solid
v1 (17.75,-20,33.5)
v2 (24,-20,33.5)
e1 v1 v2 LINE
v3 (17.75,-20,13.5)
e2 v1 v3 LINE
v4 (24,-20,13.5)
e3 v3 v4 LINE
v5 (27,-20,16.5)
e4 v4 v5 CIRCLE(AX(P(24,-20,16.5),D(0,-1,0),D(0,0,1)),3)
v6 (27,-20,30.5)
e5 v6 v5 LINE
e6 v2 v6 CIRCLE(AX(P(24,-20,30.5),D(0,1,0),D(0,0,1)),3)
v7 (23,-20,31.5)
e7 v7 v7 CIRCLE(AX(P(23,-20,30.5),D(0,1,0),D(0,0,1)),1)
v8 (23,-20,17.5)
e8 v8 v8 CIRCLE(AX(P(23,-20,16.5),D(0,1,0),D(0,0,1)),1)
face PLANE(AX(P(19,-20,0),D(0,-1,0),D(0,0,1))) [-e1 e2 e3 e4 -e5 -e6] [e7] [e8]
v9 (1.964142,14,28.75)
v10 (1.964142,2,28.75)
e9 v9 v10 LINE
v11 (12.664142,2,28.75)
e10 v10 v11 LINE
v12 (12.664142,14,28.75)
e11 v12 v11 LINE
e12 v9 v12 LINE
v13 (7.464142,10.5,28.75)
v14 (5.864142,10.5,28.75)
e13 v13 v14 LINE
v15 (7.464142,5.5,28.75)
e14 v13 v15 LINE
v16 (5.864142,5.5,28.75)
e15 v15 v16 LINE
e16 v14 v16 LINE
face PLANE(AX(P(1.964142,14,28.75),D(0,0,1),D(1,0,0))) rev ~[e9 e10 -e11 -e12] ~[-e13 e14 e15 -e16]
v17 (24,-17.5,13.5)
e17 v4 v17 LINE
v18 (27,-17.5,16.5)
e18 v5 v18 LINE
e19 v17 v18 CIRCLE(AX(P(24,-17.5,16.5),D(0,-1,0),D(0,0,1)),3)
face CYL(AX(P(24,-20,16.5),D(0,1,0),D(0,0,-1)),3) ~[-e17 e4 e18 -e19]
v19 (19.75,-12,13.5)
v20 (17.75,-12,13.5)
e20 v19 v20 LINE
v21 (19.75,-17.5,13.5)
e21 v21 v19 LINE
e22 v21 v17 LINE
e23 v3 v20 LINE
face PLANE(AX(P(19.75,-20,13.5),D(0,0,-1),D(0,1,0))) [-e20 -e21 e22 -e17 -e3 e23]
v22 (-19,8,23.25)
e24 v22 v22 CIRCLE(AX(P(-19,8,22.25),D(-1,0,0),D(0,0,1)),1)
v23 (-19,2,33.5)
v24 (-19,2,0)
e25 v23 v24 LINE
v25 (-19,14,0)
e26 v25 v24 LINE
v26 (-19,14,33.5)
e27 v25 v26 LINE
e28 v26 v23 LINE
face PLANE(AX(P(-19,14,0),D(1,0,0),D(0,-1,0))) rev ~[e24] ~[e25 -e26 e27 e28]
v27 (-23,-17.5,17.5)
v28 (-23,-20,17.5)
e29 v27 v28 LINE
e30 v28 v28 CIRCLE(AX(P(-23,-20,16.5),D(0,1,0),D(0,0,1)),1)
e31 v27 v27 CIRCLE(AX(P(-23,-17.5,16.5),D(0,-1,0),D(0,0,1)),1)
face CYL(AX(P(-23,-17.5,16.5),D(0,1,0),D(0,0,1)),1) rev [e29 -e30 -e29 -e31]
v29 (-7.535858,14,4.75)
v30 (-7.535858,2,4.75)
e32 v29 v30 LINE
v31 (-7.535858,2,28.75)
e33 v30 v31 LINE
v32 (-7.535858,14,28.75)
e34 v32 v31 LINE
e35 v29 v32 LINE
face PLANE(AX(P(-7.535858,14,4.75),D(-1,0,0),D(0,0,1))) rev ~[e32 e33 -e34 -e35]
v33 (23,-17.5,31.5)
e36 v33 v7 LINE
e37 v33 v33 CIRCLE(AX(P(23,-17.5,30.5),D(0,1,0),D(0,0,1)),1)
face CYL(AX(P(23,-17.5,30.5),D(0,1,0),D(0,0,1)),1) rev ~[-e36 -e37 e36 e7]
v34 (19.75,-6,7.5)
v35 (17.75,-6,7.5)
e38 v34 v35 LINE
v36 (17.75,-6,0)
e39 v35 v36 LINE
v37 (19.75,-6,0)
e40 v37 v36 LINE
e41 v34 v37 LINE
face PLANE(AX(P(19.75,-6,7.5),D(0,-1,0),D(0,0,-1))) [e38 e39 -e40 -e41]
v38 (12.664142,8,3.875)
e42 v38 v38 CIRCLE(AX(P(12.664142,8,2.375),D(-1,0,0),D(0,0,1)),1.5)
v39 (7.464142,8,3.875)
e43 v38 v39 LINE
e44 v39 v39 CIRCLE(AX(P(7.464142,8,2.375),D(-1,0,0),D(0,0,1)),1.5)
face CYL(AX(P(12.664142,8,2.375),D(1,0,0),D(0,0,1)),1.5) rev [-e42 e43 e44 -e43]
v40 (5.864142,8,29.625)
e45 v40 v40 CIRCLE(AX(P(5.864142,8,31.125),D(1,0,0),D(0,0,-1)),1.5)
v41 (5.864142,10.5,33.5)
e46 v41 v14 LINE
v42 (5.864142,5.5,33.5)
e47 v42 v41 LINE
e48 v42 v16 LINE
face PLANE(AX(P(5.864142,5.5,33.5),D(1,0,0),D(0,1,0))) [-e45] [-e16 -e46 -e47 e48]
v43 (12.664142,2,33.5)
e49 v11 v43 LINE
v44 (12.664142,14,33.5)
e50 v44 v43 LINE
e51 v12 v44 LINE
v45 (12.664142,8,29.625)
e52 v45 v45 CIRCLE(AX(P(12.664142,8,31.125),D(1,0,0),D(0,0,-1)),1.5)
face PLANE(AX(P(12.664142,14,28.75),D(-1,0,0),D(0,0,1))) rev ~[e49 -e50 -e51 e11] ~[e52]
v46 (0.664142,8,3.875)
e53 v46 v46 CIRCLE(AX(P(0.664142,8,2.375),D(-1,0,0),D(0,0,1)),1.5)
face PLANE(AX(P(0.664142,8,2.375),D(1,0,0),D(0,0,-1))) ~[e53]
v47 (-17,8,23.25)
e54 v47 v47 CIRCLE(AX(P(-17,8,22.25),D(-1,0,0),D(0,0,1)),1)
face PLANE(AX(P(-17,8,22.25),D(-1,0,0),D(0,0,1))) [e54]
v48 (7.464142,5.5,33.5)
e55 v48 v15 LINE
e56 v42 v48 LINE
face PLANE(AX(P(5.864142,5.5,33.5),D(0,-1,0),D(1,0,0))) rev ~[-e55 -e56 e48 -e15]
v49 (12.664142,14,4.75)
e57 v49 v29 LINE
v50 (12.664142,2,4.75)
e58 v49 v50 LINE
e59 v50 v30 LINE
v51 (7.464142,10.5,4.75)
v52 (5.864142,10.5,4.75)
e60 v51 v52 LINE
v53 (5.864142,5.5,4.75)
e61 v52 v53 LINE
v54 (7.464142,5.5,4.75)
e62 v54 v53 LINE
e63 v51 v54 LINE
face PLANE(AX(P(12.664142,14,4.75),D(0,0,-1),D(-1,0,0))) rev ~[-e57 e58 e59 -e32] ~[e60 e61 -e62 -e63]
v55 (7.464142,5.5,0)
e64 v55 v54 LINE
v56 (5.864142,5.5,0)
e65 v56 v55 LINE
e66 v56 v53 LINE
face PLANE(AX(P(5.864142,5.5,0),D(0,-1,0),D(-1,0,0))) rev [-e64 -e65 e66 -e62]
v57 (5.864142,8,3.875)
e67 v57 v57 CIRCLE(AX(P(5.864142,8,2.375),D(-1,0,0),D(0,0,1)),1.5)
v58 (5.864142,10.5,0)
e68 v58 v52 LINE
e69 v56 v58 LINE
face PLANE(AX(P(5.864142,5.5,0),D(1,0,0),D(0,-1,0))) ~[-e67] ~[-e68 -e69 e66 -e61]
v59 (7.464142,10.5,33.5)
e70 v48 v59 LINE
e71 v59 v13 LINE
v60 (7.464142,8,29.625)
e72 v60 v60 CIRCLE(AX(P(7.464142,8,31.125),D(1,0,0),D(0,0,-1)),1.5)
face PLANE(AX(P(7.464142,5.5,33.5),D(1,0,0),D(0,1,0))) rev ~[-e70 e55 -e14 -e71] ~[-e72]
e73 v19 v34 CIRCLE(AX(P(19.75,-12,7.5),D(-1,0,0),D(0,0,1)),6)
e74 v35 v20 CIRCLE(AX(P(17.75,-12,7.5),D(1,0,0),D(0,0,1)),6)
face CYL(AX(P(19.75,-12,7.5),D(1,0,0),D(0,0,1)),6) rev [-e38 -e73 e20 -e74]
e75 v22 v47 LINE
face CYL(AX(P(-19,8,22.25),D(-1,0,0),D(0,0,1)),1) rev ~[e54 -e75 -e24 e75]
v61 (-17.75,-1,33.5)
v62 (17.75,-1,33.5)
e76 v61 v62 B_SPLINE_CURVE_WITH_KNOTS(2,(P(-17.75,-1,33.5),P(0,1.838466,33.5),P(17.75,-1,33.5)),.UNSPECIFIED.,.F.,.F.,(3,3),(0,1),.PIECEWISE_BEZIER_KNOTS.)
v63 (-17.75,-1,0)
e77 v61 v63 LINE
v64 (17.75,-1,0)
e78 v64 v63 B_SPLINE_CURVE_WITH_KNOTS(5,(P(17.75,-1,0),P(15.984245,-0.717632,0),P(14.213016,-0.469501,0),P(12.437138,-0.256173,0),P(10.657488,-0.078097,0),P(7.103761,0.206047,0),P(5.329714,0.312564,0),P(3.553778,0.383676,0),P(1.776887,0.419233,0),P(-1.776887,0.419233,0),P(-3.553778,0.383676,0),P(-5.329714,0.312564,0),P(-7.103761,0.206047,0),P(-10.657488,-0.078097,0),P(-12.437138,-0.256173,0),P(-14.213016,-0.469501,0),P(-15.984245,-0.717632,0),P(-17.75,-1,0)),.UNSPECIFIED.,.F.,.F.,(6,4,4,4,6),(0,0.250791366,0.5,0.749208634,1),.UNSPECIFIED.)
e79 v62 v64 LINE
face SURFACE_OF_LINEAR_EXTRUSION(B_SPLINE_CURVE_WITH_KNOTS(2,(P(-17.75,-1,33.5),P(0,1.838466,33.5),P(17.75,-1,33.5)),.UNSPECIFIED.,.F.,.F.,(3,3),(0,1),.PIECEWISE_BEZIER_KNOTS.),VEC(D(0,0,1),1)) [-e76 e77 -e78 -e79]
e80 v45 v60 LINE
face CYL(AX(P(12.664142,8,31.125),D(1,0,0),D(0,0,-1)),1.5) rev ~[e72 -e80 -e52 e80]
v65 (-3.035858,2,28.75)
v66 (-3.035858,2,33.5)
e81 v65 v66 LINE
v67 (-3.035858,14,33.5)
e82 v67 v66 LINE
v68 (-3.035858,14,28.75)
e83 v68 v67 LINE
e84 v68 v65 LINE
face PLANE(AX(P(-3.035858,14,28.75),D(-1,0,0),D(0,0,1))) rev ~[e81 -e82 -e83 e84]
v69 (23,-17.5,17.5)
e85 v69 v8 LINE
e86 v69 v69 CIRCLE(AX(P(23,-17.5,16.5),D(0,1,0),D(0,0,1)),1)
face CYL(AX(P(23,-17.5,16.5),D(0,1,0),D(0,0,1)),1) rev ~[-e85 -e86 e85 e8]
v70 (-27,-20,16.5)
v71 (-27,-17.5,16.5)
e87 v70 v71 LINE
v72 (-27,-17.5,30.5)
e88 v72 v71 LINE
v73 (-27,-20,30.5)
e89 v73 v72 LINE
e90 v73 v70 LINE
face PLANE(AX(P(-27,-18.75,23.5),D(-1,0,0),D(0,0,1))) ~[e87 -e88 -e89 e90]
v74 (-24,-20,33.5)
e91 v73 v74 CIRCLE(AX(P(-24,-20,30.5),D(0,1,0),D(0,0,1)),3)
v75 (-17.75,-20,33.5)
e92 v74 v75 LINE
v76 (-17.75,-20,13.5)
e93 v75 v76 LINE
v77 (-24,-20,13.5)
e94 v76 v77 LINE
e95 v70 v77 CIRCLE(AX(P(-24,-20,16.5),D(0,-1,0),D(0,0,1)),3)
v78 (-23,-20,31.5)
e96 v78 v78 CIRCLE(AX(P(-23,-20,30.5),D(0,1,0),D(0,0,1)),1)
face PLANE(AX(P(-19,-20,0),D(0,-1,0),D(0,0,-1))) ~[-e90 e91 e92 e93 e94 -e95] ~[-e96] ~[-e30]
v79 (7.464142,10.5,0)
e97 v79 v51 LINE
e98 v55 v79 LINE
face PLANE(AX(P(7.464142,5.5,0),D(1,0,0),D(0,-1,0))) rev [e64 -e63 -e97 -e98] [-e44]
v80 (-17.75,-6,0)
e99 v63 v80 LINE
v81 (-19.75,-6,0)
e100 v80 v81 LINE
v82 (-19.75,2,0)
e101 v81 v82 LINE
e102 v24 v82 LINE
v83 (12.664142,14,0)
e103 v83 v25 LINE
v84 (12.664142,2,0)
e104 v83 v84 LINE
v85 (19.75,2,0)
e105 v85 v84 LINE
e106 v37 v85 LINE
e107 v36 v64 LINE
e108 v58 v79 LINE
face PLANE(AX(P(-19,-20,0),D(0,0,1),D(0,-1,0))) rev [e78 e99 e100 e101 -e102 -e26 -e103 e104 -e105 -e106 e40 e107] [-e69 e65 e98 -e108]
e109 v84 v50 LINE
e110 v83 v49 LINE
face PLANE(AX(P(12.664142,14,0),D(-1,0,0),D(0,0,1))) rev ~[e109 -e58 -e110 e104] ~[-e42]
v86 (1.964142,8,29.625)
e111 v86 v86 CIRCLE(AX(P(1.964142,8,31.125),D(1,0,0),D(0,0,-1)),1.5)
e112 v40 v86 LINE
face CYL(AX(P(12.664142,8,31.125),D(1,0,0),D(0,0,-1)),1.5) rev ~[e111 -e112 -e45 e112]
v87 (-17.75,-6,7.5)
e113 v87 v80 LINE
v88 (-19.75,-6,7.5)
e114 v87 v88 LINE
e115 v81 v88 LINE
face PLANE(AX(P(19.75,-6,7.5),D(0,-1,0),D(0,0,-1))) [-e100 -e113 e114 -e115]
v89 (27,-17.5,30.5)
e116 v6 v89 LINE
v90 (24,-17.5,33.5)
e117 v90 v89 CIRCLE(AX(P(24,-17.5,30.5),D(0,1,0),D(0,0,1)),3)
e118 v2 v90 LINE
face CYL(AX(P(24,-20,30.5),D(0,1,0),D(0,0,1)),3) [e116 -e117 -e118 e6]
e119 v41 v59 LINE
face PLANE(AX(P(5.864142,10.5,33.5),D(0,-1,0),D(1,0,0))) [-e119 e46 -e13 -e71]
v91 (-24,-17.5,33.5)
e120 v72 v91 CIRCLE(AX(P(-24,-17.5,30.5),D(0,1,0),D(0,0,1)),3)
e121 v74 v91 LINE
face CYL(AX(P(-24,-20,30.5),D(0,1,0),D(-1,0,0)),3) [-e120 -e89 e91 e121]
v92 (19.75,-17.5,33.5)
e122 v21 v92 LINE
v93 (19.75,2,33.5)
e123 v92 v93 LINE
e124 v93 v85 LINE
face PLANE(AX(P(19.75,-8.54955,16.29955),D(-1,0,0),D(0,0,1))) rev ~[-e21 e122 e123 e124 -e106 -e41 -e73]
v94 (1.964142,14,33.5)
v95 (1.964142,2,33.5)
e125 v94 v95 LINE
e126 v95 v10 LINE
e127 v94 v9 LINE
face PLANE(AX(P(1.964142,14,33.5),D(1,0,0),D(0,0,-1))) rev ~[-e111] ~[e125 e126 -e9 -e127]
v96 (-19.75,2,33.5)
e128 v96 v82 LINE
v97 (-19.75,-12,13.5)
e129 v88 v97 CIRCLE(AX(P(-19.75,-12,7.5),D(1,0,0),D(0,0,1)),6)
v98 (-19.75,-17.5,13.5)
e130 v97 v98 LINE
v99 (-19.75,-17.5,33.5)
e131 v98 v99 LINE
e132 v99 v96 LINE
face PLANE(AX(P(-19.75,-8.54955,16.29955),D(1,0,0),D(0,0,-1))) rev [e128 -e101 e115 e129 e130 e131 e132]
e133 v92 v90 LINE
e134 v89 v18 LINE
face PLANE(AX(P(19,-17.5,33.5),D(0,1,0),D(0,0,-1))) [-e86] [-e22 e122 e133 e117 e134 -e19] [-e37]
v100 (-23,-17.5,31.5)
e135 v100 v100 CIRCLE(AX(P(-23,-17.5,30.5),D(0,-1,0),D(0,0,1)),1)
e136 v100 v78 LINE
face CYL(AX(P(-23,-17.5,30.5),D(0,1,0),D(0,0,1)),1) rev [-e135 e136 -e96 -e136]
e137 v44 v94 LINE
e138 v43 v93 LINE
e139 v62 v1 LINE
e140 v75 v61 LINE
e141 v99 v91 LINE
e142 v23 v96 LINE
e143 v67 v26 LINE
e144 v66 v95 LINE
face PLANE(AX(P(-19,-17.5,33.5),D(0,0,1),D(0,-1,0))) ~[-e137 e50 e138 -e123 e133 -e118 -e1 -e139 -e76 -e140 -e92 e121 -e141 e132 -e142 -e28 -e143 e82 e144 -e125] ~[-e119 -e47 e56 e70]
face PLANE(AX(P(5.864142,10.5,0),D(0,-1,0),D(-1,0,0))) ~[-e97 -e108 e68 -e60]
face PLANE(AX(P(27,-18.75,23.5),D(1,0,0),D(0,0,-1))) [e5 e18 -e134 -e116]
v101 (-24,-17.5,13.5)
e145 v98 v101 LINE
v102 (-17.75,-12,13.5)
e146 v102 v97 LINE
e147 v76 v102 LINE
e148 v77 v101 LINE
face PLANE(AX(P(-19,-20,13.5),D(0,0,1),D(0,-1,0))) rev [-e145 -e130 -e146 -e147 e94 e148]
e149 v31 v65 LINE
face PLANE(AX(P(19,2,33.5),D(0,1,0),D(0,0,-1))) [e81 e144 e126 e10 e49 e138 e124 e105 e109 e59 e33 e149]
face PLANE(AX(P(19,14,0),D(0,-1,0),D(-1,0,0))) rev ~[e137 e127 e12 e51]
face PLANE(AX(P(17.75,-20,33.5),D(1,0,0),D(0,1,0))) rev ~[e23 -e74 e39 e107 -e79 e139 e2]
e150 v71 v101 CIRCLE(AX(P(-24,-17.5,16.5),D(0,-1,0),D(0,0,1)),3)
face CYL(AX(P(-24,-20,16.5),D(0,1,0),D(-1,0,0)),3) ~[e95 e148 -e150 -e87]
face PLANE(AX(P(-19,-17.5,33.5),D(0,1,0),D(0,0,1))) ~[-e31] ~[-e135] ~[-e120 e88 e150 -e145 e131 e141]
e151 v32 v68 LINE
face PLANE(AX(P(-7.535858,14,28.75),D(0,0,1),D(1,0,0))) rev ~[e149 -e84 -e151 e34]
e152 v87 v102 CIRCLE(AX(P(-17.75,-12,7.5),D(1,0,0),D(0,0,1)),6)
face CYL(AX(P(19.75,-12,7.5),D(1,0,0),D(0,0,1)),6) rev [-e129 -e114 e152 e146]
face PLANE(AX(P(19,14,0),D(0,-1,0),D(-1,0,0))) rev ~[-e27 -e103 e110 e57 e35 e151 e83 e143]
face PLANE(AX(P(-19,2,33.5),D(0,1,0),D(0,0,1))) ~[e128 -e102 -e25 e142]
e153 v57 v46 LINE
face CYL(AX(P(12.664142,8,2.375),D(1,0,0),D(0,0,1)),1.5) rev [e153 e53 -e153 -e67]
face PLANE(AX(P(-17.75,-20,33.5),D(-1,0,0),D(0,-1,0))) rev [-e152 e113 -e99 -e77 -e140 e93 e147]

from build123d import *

# Parameters (mm, degrees)
BOSS_EXTRUDE1_DEPTH      = 33.5
SKETCH2_W                = 20
SKETCH2_H                = 2.5
BOSS_EXTRUDE2_DEPTH      = 8
CUT_EXTRUDE5_DEPTH       = 12
RESSALTO_EXTRUS_O4_DEPTH = 0.75
SKETCH6_R                = 1.5
CUT_EXTRUDE6_DEPTH       = 12
CUT_EXTRUDE8_REACH       = 49.447
SKETCH14_W               = 1.6
SKETCH14_H               = 5
SKETCH9_R                = 1
CORTE_EXTRUS_O1_DEPTH    = 54.324478432
FILETE1_R                = 3
ESBO_O6_R                = 1
CORTE_EXTRUS_O6_DEPTH    = 2
ESBO_O8_W                = 0.75
ESBO_O8_H                = 19
ESBO_O8_H_2              = 14
CORTE_EXTRUS_O8_DEPTH    = 48.44733923
FILETE1_OF_ESPELHAR1_R   = 3
CORTE_EXTRUS_O9_DEPTH    = 48.44733923
CORTE_EXTRUS_O10_DEPTH   = 61.891809882


with BuildPart() as part:
    # Sketch1 → Boss-Extrude1 (new body)
    with BuildSketch(Plane.XY):
        Polygon((17, -20), (19, -20), (19, 14), (-19, 14), (-19, -20), (-17, -20), (-17, -1), (17, -1), align=None)
    extrude(amount=BOSS_EXTRUDE1_DEPTH)

    # Sketch2 → Boss-Extrude2 (add)
    with BuildSketch(Plane(origin=(19, 0, 0), x_dir=(0, 0, -1), z_dir=(1, 0, 0))):
        with Locations((-23.5, -18.75)):
            Rectangle(SKETCH2_W, SKETCH2_H)
    boss_extrude2 = extrude(amount=BOSS_EXTRUDE2_DEPTH)

    # Sketch12 → Cut-Extrude5 (cut)
    with BuildSketch(Plane(origin=(0, 14, 0), x_dir=(1, 0, 0), z_dir=(0, 1, 0))):
        Polygon((-7.535857559, -4.75), (-7.535857559, -28.75), (-3.035857559, -28.75), (-3.035857559, -33.5), (1.964142441, -33.5), (1.964142441, -28.75), (12.664142441, -28.75), (12.664142441, -33.5), (19, -33.5), (19, 0), (12.664142441, 0), (12.664142441, -4.75), align=None)
    extrude(amount=-CUT_EXTRUDE5_DEPTH, mode=Mode.SUBTRACT)

    # Esboço10 → Ressalto-extrusão4 (add)
    with BuildSketch(Plane(origin=(19, 0, 0), x_dir=(0, 0, -1), z_dir=(1, 0, 0))):
        Polygon((-33.5, 2), (0, 2), (0, -17.5), (0, -20), (-13.5, -20), (-13.5, -17.5), (-33.5, -17.5), align=None)
    ressalto_extrus_o4 = extrude(amount=RESSALTO_EXTRUS_O4_DEPTH)

    # Sketch6 → Cut-Extrude6 (cut)
    with BuildSketch(Plane(origin=(12.664142441, 0, 0), x_dir=(0, 0, -1), z_dir=(1, 0, 0))):
        with Locations((-31.125, 8)):
            Circle(SKETCH6_R)
    cut_extrude6 = extrude(amount=-CUT_EXTRUDE6_DEPTH, mode=Mode.SUBTRACT)

    # Sketch14 → Cut-Extrude8 (cut, up to next)
    with BuildSketch(Plane.XY.offset(33.5), mode=Mode.PRIVATE) as cut_extrude8_sk1:
        with Locations((6.664142441, 8)):
            Rectangle(SKETCH14_W, SKETCH14_H)
    cut_extrude8_tool1 = extrude(cut_extrude8_sk1.sketch, amount=-CUT_EXTRUDE8_REACH, mode=Mode.PRIVATE) & part.part
    cut_extrude8 = cut_extrude8_tool1.solids().sort_by_distance((6.664142, 8, 33.5))[0]
    add(cut_extrude8, mode=Mode.SUBTRACT)

    # Mirror6: Cut-Extrude6, Cut-Extrude8 across plane
    add(cut_extrude6.mirror(Plane.XY.offset(16.75)), mode=Mode.SUBTRACT)
    add(cut_extrude8.mirror(Plane.XY.offset(16.75)), mode=Mode.SUBTRACT)

    # Sketch9 → Corte-extrusão1 (cut, through all)
    with BuildSketch(Plane(origin=(0, -17.5, 0), x_dir=(1, 0, 0), z_dir=(0, 1, 0))):
        with Locations(Location((23, -16.5, 0), (0, 0, 270))):
            Circle(SKETCH9_R)
        with Locations(Location((23, -30.5, 0), (0, 0, 270))):
            Circle(SKETCH9_R)
    corte_extrus_o1 = extrude(amount=-CORTE_EXTRUS_O1_DEPTH, mode=Mode.SUBTRACT)

    # Filete1
    filete1_edges = [part.edges().sort_by_distance(p)[0] for p in [
        (27, -18.75, 13.5),
        (27, -18.75, 33.5),
    ]]
    fillet(filete1_edges, radius=FILETE1_R)

    # Esboço6 → Corte-extrusão6 (cut)
    with BuildSketch(Plane.ZY.offset(19)):
        with Locations((22.25, 8)):
            Circle(ESBO_O6_R)
    extrude(amount=-CORTE_EXTRUS_O6_DEPTH, mode=Mode.SUBTRACT)

    # Esboço8 → Corte-extrusão8 (cut, through all)
    with BuildSketch(Plane.XY.offset(33.5)):
        with Locations((17.375, -10.5)):
            Rectangle(ESBO_O8_W, ESBO_O8_H)
        with Locations((-17.375, -8)):
            Rectangle(ESBO_O8_W, ESBO_O8_H_2)
    corte_extrus_o8 = extrude(amount=-CORTE_EXTRUS_O8_DEPTH, mode=Mode.SUBTRACT)

    # Espelhar1: Boss-Extrude2, Ressalto-extrusão4, Corte-extrusão1, Corte-extrusão8 across plane
    add(boss_extrude2.mirror(Plane(origin=(0, 0, 0), x_dir=(0, 0, 1), z_dir=(1, 0, 0))))
    add(ressalto_extrus_o4.mirror(Plane(origin=(0, 0, 0), x_dir=(0, 0, 1), z_dir=(1, 0, 0))))
    add(corte_extrus_o1.mirror(Plane(origin=(0, 0, 0), x_dir=(0, 0, 1), z_dir=(1, 0, 0))), mode=Mode.SUBTRACT)
    add(corte_extrus_o8.mirror(Plane(origin=(0, 0, 0), x_dir=(0, 0, 1), z_dir=(1, 0, 0))), mode=Mode.SUBTRACT)

    # Filete1 of Espelhar1
    filete1_of_espelhar1_edges = [part.edges().sort_by_distance(p)[0] for p in [
        (-27, -18.75, 13.5),
        (-27, -18.75, 33.5),
    ]]
    fillet(filete1_of_espelhar1_edges, radius=FILETE1_OF_ESPELHAR1_R)

    # Esboço11 → Corte-extrusão9 (cut, through all)
    with BuildSketch(Plane.XY.offset(33.5)):
        with BuildLine():
            Line((-17.75, -1), (17.75, -1))
            add(Edge.make_bspline(
                [(-17.75, -1), (0, 1.838465609), (17.75, -1)],
                knots=[0, 0, 0, 1, 1, 1], degree=2))
        make_face()
    extrude(amount=-CORTE_EXTRUS_O9_DEPTH, mode=Mode.SUBTRACT)

    # Esboço12 → Corte-extrusão10 (cut, through all)
    with BuildSketch(Plane(origin=(19.75, 0, 0), x_dir=(0, 0, -1), z_dir=(1, 0, 0))):
        with BuildLine():
            Line((0, -20), (-13.5, -20))
            Line((-13.5, -20), (-13.5, -12))
            ThreePointArc((-13.5, -12), (-11.742640687, -7.757359313), (-7.5, -6))
            Line((-7.5, -6), (0, -6))
            Line((0, -6), (0, -20))
        make_face()
    extrude(amount=-CORTE_EXTRUS_O10_DEPTH, mode=Mode.SUBTRACT)


solid = part.part
